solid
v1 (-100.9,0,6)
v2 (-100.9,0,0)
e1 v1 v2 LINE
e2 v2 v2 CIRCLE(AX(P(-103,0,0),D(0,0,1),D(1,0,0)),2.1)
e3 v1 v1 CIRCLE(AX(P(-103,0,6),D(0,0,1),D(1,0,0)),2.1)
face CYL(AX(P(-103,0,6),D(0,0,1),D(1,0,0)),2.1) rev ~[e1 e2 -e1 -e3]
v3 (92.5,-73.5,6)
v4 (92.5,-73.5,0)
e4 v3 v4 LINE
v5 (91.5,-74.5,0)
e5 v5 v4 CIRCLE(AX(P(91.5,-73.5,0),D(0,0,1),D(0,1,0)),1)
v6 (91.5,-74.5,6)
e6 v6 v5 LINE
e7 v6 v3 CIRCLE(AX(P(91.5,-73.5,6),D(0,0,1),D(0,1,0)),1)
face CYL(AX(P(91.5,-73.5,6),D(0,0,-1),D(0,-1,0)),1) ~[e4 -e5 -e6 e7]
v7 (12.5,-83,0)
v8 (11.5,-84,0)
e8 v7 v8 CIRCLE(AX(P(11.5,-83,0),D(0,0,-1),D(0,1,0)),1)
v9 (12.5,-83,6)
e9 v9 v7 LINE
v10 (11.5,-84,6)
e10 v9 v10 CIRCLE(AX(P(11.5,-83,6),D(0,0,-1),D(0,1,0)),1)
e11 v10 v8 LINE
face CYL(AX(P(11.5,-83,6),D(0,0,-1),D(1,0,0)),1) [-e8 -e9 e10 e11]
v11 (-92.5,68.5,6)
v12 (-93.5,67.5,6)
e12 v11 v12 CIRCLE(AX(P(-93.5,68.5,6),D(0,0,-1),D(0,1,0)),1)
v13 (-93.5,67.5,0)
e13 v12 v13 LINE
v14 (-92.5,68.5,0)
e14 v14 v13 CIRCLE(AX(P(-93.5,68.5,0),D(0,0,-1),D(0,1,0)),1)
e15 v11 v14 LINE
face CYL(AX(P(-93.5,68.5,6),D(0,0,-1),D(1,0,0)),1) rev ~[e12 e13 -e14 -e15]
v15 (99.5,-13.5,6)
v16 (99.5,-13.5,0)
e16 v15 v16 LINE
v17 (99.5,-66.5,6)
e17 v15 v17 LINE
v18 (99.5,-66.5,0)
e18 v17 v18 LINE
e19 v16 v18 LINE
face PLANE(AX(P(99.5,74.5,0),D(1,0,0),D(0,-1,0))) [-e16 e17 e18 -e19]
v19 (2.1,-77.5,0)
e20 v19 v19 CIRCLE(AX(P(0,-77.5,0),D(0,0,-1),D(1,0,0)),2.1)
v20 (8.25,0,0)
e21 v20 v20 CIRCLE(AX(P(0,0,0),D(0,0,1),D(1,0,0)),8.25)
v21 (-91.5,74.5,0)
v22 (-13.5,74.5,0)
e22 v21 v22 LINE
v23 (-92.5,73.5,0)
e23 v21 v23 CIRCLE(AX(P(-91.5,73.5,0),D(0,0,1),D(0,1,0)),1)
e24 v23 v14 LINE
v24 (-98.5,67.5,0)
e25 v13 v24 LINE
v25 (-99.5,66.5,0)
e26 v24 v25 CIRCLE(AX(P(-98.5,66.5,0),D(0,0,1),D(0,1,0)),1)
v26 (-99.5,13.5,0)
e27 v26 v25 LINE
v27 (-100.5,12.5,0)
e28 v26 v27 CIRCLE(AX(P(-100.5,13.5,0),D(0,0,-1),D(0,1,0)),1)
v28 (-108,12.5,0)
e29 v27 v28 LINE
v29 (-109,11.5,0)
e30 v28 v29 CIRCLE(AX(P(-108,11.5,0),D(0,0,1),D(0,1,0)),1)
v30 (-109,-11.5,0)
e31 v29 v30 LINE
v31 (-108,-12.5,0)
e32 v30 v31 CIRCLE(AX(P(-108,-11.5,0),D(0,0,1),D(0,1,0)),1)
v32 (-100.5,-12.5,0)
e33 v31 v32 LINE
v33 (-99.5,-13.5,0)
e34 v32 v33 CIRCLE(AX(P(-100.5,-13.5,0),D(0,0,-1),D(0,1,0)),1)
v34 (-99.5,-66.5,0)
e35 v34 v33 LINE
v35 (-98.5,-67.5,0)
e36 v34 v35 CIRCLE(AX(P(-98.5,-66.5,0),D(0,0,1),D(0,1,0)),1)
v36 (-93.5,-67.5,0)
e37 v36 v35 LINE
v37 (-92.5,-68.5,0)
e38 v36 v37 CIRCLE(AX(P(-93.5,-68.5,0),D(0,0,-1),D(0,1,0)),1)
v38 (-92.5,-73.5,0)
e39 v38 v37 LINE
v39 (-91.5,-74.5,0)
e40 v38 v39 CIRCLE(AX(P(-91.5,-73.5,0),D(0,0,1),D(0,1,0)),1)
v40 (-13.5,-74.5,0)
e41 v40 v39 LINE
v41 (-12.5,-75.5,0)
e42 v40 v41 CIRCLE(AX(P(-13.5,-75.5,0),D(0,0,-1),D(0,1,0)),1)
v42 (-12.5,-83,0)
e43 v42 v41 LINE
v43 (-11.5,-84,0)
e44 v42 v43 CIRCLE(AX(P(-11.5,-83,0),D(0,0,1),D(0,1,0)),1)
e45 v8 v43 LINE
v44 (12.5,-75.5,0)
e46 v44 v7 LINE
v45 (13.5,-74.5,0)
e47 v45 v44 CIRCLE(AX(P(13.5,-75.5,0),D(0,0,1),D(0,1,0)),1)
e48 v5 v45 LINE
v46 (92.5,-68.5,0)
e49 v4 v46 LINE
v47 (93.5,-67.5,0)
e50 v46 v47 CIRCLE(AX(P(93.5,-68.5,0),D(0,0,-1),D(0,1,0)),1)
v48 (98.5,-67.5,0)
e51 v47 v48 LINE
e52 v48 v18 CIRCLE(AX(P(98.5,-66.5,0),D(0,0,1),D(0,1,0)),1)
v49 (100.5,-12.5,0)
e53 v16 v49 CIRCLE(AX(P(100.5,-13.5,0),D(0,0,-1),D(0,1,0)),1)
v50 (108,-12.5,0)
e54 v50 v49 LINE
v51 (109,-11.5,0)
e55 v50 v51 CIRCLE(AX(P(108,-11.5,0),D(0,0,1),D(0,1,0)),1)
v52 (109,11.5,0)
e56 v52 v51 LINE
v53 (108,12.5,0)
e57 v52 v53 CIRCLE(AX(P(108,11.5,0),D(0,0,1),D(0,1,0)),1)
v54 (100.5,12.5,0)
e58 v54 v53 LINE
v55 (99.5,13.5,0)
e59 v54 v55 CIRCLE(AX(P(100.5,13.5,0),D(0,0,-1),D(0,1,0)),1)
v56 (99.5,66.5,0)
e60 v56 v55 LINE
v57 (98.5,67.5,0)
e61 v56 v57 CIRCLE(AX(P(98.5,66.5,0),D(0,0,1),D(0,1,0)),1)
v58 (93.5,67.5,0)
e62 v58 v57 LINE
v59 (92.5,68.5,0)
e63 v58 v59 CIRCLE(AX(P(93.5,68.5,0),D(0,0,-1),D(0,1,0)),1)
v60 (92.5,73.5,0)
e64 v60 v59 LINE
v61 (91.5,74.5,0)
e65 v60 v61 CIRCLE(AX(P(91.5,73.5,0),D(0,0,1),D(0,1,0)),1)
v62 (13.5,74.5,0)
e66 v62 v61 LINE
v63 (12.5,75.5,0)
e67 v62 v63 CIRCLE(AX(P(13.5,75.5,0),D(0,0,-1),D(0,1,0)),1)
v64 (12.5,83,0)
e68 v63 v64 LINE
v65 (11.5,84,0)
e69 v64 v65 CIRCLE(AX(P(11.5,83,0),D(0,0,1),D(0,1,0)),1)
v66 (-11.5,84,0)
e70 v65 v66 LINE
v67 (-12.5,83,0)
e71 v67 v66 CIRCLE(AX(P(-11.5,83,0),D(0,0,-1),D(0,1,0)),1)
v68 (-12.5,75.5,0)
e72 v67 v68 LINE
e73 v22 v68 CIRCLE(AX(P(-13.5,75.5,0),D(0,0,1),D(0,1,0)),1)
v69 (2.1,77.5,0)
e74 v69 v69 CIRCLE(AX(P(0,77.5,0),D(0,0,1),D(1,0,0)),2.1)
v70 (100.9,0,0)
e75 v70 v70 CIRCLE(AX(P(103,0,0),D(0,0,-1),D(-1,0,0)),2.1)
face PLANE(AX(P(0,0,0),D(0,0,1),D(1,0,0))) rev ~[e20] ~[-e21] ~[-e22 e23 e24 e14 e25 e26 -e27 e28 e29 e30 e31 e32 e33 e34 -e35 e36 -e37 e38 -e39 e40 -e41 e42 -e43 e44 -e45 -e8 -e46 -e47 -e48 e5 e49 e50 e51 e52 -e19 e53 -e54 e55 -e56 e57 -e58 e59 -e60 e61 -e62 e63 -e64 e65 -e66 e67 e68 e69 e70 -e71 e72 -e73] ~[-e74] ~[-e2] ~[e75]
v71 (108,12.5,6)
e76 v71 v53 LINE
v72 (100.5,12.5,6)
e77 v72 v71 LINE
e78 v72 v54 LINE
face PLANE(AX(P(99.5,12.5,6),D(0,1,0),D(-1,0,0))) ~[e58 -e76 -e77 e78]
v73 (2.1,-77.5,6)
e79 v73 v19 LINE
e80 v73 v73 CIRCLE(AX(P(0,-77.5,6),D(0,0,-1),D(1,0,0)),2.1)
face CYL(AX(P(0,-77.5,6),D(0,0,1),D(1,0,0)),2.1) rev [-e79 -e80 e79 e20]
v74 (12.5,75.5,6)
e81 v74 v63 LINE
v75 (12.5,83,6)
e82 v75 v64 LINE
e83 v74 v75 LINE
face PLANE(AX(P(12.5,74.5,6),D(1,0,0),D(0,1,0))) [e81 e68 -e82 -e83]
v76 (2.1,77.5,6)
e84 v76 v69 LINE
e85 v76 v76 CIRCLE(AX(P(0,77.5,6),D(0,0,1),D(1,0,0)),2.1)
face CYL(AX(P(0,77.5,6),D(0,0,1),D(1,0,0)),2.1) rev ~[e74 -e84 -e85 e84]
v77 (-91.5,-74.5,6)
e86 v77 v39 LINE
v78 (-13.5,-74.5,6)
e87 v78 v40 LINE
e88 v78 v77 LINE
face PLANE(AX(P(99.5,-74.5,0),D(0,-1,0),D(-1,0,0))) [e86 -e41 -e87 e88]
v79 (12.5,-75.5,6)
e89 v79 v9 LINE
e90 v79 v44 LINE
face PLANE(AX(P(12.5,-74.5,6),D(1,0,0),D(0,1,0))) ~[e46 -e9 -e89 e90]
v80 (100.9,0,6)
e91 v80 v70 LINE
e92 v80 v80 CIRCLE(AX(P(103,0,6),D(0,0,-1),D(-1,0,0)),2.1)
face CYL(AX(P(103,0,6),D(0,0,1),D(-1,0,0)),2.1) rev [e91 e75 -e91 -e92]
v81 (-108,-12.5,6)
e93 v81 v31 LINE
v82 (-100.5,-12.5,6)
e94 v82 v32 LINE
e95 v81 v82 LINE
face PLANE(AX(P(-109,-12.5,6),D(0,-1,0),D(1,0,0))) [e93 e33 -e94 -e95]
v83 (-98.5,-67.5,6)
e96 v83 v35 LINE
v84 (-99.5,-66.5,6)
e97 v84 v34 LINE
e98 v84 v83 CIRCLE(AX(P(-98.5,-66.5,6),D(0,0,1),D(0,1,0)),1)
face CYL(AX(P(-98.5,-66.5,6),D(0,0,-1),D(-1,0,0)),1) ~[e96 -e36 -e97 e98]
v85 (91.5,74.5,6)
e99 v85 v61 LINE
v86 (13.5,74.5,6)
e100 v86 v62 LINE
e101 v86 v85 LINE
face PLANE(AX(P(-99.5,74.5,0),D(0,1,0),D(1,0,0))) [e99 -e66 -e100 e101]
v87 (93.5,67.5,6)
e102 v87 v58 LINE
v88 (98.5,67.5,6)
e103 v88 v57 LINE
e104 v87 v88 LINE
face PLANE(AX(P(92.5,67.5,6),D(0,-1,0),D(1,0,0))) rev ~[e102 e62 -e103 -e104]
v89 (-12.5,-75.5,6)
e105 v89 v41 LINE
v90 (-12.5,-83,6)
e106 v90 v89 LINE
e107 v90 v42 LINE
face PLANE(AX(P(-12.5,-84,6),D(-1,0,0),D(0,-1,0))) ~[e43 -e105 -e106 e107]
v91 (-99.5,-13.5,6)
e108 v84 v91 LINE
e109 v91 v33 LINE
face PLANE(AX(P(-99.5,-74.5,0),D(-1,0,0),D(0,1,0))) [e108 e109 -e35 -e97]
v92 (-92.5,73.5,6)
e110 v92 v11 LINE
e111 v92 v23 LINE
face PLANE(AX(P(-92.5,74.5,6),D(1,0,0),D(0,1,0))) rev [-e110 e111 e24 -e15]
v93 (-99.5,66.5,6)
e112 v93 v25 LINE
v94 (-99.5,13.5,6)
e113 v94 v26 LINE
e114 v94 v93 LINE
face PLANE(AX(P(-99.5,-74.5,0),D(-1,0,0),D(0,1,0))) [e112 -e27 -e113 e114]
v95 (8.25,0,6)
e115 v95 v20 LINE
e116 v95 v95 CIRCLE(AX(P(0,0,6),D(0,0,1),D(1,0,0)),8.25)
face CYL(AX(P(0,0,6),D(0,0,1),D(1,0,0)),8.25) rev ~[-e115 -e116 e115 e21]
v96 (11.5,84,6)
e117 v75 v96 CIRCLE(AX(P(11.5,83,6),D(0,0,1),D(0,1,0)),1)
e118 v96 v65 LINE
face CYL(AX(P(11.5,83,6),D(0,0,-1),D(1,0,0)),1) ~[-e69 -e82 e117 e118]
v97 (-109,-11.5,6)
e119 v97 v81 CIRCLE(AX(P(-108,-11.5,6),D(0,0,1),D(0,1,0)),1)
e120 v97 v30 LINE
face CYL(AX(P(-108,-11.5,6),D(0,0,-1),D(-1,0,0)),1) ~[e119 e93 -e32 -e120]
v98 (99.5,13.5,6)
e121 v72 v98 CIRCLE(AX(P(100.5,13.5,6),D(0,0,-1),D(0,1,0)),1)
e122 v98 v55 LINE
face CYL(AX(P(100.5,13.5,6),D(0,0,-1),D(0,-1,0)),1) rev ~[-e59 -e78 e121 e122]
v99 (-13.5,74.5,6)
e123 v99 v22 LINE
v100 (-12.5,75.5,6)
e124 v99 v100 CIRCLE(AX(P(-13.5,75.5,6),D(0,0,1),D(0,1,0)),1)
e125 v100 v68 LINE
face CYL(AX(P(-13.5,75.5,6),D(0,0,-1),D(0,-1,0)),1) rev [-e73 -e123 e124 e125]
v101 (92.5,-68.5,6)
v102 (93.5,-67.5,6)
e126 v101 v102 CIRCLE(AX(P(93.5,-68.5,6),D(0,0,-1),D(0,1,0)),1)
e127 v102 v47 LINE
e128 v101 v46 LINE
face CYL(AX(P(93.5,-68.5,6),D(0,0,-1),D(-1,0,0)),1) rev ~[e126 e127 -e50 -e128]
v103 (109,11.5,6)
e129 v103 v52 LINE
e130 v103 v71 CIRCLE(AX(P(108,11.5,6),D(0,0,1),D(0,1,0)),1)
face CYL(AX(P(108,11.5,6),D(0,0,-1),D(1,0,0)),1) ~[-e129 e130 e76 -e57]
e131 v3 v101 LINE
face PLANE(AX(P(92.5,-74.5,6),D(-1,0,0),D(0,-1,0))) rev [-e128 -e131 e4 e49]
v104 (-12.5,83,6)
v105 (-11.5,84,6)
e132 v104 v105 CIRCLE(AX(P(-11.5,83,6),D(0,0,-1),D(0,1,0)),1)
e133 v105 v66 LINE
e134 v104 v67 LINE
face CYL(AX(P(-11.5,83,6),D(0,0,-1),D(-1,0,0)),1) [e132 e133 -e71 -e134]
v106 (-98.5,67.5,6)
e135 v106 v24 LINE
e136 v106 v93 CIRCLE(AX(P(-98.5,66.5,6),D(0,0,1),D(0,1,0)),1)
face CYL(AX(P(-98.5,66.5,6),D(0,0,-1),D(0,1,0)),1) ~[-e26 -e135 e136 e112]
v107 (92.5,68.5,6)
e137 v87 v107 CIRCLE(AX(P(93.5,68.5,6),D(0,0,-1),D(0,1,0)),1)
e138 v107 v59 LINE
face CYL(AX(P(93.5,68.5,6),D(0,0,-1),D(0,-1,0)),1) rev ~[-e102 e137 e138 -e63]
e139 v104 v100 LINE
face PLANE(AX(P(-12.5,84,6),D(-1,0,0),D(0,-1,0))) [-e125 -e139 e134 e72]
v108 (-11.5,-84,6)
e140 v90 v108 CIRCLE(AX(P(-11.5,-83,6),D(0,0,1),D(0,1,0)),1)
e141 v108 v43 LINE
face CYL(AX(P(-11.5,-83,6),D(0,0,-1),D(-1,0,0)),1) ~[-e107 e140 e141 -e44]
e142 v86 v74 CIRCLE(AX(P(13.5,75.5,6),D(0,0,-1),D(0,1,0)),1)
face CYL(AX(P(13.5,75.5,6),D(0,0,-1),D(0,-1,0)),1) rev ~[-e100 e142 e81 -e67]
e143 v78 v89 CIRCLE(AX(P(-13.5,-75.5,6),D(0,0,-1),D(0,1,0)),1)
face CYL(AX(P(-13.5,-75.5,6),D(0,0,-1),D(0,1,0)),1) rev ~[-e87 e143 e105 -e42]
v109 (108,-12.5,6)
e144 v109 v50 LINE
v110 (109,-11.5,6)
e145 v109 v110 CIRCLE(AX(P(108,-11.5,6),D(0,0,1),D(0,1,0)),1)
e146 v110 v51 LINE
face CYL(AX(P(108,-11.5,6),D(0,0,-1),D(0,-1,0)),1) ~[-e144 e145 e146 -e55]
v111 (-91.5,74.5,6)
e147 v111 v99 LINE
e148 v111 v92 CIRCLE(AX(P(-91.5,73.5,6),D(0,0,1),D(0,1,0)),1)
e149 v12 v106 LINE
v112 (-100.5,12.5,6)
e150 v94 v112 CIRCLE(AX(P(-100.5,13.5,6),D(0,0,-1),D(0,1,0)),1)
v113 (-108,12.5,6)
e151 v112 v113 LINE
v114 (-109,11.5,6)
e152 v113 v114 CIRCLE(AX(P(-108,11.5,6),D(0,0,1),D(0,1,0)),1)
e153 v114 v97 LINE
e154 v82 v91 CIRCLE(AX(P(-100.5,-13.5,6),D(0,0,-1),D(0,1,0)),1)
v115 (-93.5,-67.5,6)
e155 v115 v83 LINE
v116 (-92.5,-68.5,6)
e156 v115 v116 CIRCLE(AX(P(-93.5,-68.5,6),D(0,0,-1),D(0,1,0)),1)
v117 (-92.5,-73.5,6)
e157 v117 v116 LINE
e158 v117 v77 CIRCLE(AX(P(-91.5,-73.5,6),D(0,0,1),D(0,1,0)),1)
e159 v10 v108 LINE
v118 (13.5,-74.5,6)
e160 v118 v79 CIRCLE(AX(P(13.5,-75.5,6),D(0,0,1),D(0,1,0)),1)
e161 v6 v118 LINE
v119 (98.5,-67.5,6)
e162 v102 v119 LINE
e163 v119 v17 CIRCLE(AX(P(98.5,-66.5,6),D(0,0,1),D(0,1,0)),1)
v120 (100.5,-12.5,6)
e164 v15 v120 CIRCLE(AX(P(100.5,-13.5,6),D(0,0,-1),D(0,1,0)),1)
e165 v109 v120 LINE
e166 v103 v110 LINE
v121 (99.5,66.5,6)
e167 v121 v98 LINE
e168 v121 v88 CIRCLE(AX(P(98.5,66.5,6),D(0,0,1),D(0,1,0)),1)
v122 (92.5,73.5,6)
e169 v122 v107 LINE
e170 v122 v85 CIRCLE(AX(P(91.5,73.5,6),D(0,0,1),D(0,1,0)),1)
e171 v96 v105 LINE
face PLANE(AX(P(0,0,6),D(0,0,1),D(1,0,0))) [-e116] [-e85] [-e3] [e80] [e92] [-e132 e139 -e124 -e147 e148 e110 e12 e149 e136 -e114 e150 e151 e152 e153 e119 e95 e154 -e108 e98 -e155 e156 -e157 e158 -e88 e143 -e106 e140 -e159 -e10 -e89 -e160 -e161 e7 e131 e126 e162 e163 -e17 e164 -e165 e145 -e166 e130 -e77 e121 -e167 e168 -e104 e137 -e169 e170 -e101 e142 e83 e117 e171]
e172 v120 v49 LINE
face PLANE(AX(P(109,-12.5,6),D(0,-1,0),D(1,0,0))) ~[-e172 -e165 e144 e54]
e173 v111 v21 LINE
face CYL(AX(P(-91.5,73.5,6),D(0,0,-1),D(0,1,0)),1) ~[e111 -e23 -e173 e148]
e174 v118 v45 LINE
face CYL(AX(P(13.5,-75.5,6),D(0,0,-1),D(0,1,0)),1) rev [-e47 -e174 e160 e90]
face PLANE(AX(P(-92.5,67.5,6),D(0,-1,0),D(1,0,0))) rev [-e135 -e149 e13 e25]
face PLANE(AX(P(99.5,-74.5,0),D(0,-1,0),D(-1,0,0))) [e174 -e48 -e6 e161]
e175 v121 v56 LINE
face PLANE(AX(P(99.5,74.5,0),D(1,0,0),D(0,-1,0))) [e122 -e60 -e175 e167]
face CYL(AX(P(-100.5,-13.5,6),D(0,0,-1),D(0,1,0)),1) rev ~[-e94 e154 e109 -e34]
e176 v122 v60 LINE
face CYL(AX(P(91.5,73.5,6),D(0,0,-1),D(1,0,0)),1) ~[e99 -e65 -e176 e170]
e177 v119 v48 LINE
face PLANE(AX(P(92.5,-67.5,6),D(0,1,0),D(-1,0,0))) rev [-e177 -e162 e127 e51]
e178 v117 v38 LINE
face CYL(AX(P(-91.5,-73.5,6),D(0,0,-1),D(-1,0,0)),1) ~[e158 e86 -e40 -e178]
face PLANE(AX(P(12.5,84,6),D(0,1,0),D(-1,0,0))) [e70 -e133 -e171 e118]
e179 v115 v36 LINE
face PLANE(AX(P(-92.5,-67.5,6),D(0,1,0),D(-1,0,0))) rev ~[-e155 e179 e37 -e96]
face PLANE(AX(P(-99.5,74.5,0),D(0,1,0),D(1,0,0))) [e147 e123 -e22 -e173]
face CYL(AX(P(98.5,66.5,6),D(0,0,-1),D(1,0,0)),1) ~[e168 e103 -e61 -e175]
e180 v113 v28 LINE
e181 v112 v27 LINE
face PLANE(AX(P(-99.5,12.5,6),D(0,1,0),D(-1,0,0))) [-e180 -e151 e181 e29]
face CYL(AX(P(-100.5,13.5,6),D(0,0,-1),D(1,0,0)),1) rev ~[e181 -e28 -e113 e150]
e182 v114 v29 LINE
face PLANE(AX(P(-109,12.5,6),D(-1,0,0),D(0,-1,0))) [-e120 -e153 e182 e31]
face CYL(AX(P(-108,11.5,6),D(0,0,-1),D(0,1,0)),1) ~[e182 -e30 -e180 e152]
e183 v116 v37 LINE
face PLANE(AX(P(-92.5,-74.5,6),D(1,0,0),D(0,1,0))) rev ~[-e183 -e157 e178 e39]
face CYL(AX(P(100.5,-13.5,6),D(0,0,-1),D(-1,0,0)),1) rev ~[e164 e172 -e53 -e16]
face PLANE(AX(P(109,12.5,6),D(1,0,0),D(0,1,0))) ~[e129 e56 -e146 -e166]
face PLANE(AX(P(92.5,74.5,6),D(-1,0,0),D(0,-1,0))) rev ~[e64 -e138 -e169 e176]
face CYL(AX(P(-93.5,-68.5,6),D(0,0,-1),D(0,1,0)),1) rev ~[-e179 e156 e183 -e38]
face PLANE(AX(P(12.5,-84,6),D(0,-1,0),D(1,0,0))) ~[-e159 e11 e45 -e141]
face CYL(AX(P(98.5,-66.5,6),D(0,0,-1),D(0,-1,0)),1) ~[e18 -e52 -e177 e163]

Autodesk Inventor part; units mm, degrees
sketch "Sketch1" plane through (0, 0, 0) normal (0, 0, 1) x (1, 0, 0)
  line L0 (-99.5, 74.5) -> (99.5, 74.5)
  line L1 (99.5, 74.5) -> (99.5, -74.5)
  line L2 (99.5, -74.5) -> (-99.5, -74.5)
  line L3 (-99.5, -74.5) -> (-99.5, 74.5)
  point P0 (0, 74.5)
  point P1 (0, 0)
  point P2 (-99.5, 0)
  dimension "d0" = 199
  dimension "d1" = 149
extrude "Extrusion1" add sketch "Sketch1" along normal blind 6
sketch "Sketch2" plane through (0, 0, 6) normal (0, 0, 1) x (1, 0, 0)
  line L0 (-99.5, -74.5) -> (99.5, -74.5) projected
  line L1 (-99.5, -74.5) -> (-92.5, -74.5)
  line L2 (-92.5, -74.5) -> (-92.5, -67.5)
  line L3 (-92.5, -67.5) -> (-99.5, -67.5)
  line L4 (-99.5, -67.5) -> (-99.5, -74.5)
  point P0 (0, 0)
  point P1 (40.5, -62.5)
  dimension "d18" = 7
  dimension "d19" = 7
extrude "Extrusion2" cut sketch "Sketch2" against normal blind 15
mirror "Mirror3" about plane through (0, 0, 0) normal (1, 0, 0) of "Extrusion2"
mirror "Mirror4" about plane through (0, 0, 0) normal (0, 1, 0) of "Extrusion2", "Mirror3"
sketch "Sketch4" plane through (0, 0, 6) normal (0, 0, 1) x (1, 0, 0)
  line L0 (-99.5, 67.5) -> (-99.5, -67.5) projected
  line L1 (-99.5, 12.5) -> (-109, 12.5)
  line L2 (-109, 12.5) -> (-109, -12.5)
  line L3 (-109, -12.5) -> (-99.5, -12.5)
  line L4 (-99.5, -12.5) -> (-99.5, 12.5)
  line L5 (-99.5, 0) -> (-103, 0) construction
  circle A0 centre (-103, 0) radius 2.1
  point P0 (0, 0)
  point P1 (-82, 49)
  point P2 (-82, -49)
  point P3 (-99.5, 0)
  point P4 (-99.5, -67.5)
  dimension "d23" = 9.5
  dimension "d24" = 25
  dimension "d34" = 3.5
  dimension "d35" = 4.2
extrude "Extrusion4" add sketch "Sketch4" against normal blind 6
mirror "Mirror5" about plane through (0, 0, 0) normal (1, 0, 0) of "Extrusion4"
sketch "Sketch6" plane through (0, 0, 6) normal (0, 0, 1) x (1, 0, 0)
  line L0 (92.5, 74.5) -> (-92.5, 74.5) projected
  line L1 (-12.5, 74.5) -> (12.5, 74.5)
  line L2 (12.5, 74.5) -> (12.5, 84)
  line L3 (12.5, 84) -> (-12.5, 84)
  line L4 (-12.5, 84) -> (-12.5, 74.5)
  circle A0 centre (0, 77.5) radius 2.1
  line L5 (0, 74.5) -> (0, 77.5) construction
  point P0 (0, 0)
  dimension "d28" = 25
  dimension "d29" = 9.5
  dimension "d30" = 4.2
  dimension "d36" = 3
extrude "Extrusion5" add sketch "Sketch6" against normal blind 6
mirror "Mirror6" about plane through (0, 0, 0) normal (0, 1, 0) of "Extrusion5"
fillet "Fillet4" radius 1 28 edges at (-109, -12.5, 3) (-99.5, -12.5, 3) (-99.5, -67.5, 3) (-92.5, -67.5, 3) (-92.5, -74.5, 3) (-12.5, -74.5, 3) (-12.5, -84, 3) (12.5, -84, 3) (92.5, -74.5, 3) (99.5, -67.5, 3) (12.5, -74.5, 3) (92.5, -67.5, 3) (99.5, -12.5, 3) (109, -12.5, 3) (109, 12.5, 3) (99.5, 67.5, 3) (92.5, 74.5, 3) (12.5, 84, 3) (92.5, 67.5, 3) (99.5, 12.5, 3) (-12.5, 84, 3) (-92.5, 74.5, 3) (-99.5, 67.5, 3) (-12.5, 74.5, 3) (-92.5, 67.5, 3) (-99.5, 12.5, 3) (-109, 12.5, 3) (12.5, 74.5, 3)
sketch "Sketch7" plane through (0, 0, 6) normal (0, 0, 1) x (1, 0, 0)
  circle A0 centre (0, 0) radius 8.25
  dimension "d38" = 16.5
extrude "Extrusion6" cut sketch "Sketch7" against normal through all
equation "\"d7\" = d5"
equation "\"d5\" = 15"
properties part number "MDF_Base" material "MDF Medium Density Fiberboard"
